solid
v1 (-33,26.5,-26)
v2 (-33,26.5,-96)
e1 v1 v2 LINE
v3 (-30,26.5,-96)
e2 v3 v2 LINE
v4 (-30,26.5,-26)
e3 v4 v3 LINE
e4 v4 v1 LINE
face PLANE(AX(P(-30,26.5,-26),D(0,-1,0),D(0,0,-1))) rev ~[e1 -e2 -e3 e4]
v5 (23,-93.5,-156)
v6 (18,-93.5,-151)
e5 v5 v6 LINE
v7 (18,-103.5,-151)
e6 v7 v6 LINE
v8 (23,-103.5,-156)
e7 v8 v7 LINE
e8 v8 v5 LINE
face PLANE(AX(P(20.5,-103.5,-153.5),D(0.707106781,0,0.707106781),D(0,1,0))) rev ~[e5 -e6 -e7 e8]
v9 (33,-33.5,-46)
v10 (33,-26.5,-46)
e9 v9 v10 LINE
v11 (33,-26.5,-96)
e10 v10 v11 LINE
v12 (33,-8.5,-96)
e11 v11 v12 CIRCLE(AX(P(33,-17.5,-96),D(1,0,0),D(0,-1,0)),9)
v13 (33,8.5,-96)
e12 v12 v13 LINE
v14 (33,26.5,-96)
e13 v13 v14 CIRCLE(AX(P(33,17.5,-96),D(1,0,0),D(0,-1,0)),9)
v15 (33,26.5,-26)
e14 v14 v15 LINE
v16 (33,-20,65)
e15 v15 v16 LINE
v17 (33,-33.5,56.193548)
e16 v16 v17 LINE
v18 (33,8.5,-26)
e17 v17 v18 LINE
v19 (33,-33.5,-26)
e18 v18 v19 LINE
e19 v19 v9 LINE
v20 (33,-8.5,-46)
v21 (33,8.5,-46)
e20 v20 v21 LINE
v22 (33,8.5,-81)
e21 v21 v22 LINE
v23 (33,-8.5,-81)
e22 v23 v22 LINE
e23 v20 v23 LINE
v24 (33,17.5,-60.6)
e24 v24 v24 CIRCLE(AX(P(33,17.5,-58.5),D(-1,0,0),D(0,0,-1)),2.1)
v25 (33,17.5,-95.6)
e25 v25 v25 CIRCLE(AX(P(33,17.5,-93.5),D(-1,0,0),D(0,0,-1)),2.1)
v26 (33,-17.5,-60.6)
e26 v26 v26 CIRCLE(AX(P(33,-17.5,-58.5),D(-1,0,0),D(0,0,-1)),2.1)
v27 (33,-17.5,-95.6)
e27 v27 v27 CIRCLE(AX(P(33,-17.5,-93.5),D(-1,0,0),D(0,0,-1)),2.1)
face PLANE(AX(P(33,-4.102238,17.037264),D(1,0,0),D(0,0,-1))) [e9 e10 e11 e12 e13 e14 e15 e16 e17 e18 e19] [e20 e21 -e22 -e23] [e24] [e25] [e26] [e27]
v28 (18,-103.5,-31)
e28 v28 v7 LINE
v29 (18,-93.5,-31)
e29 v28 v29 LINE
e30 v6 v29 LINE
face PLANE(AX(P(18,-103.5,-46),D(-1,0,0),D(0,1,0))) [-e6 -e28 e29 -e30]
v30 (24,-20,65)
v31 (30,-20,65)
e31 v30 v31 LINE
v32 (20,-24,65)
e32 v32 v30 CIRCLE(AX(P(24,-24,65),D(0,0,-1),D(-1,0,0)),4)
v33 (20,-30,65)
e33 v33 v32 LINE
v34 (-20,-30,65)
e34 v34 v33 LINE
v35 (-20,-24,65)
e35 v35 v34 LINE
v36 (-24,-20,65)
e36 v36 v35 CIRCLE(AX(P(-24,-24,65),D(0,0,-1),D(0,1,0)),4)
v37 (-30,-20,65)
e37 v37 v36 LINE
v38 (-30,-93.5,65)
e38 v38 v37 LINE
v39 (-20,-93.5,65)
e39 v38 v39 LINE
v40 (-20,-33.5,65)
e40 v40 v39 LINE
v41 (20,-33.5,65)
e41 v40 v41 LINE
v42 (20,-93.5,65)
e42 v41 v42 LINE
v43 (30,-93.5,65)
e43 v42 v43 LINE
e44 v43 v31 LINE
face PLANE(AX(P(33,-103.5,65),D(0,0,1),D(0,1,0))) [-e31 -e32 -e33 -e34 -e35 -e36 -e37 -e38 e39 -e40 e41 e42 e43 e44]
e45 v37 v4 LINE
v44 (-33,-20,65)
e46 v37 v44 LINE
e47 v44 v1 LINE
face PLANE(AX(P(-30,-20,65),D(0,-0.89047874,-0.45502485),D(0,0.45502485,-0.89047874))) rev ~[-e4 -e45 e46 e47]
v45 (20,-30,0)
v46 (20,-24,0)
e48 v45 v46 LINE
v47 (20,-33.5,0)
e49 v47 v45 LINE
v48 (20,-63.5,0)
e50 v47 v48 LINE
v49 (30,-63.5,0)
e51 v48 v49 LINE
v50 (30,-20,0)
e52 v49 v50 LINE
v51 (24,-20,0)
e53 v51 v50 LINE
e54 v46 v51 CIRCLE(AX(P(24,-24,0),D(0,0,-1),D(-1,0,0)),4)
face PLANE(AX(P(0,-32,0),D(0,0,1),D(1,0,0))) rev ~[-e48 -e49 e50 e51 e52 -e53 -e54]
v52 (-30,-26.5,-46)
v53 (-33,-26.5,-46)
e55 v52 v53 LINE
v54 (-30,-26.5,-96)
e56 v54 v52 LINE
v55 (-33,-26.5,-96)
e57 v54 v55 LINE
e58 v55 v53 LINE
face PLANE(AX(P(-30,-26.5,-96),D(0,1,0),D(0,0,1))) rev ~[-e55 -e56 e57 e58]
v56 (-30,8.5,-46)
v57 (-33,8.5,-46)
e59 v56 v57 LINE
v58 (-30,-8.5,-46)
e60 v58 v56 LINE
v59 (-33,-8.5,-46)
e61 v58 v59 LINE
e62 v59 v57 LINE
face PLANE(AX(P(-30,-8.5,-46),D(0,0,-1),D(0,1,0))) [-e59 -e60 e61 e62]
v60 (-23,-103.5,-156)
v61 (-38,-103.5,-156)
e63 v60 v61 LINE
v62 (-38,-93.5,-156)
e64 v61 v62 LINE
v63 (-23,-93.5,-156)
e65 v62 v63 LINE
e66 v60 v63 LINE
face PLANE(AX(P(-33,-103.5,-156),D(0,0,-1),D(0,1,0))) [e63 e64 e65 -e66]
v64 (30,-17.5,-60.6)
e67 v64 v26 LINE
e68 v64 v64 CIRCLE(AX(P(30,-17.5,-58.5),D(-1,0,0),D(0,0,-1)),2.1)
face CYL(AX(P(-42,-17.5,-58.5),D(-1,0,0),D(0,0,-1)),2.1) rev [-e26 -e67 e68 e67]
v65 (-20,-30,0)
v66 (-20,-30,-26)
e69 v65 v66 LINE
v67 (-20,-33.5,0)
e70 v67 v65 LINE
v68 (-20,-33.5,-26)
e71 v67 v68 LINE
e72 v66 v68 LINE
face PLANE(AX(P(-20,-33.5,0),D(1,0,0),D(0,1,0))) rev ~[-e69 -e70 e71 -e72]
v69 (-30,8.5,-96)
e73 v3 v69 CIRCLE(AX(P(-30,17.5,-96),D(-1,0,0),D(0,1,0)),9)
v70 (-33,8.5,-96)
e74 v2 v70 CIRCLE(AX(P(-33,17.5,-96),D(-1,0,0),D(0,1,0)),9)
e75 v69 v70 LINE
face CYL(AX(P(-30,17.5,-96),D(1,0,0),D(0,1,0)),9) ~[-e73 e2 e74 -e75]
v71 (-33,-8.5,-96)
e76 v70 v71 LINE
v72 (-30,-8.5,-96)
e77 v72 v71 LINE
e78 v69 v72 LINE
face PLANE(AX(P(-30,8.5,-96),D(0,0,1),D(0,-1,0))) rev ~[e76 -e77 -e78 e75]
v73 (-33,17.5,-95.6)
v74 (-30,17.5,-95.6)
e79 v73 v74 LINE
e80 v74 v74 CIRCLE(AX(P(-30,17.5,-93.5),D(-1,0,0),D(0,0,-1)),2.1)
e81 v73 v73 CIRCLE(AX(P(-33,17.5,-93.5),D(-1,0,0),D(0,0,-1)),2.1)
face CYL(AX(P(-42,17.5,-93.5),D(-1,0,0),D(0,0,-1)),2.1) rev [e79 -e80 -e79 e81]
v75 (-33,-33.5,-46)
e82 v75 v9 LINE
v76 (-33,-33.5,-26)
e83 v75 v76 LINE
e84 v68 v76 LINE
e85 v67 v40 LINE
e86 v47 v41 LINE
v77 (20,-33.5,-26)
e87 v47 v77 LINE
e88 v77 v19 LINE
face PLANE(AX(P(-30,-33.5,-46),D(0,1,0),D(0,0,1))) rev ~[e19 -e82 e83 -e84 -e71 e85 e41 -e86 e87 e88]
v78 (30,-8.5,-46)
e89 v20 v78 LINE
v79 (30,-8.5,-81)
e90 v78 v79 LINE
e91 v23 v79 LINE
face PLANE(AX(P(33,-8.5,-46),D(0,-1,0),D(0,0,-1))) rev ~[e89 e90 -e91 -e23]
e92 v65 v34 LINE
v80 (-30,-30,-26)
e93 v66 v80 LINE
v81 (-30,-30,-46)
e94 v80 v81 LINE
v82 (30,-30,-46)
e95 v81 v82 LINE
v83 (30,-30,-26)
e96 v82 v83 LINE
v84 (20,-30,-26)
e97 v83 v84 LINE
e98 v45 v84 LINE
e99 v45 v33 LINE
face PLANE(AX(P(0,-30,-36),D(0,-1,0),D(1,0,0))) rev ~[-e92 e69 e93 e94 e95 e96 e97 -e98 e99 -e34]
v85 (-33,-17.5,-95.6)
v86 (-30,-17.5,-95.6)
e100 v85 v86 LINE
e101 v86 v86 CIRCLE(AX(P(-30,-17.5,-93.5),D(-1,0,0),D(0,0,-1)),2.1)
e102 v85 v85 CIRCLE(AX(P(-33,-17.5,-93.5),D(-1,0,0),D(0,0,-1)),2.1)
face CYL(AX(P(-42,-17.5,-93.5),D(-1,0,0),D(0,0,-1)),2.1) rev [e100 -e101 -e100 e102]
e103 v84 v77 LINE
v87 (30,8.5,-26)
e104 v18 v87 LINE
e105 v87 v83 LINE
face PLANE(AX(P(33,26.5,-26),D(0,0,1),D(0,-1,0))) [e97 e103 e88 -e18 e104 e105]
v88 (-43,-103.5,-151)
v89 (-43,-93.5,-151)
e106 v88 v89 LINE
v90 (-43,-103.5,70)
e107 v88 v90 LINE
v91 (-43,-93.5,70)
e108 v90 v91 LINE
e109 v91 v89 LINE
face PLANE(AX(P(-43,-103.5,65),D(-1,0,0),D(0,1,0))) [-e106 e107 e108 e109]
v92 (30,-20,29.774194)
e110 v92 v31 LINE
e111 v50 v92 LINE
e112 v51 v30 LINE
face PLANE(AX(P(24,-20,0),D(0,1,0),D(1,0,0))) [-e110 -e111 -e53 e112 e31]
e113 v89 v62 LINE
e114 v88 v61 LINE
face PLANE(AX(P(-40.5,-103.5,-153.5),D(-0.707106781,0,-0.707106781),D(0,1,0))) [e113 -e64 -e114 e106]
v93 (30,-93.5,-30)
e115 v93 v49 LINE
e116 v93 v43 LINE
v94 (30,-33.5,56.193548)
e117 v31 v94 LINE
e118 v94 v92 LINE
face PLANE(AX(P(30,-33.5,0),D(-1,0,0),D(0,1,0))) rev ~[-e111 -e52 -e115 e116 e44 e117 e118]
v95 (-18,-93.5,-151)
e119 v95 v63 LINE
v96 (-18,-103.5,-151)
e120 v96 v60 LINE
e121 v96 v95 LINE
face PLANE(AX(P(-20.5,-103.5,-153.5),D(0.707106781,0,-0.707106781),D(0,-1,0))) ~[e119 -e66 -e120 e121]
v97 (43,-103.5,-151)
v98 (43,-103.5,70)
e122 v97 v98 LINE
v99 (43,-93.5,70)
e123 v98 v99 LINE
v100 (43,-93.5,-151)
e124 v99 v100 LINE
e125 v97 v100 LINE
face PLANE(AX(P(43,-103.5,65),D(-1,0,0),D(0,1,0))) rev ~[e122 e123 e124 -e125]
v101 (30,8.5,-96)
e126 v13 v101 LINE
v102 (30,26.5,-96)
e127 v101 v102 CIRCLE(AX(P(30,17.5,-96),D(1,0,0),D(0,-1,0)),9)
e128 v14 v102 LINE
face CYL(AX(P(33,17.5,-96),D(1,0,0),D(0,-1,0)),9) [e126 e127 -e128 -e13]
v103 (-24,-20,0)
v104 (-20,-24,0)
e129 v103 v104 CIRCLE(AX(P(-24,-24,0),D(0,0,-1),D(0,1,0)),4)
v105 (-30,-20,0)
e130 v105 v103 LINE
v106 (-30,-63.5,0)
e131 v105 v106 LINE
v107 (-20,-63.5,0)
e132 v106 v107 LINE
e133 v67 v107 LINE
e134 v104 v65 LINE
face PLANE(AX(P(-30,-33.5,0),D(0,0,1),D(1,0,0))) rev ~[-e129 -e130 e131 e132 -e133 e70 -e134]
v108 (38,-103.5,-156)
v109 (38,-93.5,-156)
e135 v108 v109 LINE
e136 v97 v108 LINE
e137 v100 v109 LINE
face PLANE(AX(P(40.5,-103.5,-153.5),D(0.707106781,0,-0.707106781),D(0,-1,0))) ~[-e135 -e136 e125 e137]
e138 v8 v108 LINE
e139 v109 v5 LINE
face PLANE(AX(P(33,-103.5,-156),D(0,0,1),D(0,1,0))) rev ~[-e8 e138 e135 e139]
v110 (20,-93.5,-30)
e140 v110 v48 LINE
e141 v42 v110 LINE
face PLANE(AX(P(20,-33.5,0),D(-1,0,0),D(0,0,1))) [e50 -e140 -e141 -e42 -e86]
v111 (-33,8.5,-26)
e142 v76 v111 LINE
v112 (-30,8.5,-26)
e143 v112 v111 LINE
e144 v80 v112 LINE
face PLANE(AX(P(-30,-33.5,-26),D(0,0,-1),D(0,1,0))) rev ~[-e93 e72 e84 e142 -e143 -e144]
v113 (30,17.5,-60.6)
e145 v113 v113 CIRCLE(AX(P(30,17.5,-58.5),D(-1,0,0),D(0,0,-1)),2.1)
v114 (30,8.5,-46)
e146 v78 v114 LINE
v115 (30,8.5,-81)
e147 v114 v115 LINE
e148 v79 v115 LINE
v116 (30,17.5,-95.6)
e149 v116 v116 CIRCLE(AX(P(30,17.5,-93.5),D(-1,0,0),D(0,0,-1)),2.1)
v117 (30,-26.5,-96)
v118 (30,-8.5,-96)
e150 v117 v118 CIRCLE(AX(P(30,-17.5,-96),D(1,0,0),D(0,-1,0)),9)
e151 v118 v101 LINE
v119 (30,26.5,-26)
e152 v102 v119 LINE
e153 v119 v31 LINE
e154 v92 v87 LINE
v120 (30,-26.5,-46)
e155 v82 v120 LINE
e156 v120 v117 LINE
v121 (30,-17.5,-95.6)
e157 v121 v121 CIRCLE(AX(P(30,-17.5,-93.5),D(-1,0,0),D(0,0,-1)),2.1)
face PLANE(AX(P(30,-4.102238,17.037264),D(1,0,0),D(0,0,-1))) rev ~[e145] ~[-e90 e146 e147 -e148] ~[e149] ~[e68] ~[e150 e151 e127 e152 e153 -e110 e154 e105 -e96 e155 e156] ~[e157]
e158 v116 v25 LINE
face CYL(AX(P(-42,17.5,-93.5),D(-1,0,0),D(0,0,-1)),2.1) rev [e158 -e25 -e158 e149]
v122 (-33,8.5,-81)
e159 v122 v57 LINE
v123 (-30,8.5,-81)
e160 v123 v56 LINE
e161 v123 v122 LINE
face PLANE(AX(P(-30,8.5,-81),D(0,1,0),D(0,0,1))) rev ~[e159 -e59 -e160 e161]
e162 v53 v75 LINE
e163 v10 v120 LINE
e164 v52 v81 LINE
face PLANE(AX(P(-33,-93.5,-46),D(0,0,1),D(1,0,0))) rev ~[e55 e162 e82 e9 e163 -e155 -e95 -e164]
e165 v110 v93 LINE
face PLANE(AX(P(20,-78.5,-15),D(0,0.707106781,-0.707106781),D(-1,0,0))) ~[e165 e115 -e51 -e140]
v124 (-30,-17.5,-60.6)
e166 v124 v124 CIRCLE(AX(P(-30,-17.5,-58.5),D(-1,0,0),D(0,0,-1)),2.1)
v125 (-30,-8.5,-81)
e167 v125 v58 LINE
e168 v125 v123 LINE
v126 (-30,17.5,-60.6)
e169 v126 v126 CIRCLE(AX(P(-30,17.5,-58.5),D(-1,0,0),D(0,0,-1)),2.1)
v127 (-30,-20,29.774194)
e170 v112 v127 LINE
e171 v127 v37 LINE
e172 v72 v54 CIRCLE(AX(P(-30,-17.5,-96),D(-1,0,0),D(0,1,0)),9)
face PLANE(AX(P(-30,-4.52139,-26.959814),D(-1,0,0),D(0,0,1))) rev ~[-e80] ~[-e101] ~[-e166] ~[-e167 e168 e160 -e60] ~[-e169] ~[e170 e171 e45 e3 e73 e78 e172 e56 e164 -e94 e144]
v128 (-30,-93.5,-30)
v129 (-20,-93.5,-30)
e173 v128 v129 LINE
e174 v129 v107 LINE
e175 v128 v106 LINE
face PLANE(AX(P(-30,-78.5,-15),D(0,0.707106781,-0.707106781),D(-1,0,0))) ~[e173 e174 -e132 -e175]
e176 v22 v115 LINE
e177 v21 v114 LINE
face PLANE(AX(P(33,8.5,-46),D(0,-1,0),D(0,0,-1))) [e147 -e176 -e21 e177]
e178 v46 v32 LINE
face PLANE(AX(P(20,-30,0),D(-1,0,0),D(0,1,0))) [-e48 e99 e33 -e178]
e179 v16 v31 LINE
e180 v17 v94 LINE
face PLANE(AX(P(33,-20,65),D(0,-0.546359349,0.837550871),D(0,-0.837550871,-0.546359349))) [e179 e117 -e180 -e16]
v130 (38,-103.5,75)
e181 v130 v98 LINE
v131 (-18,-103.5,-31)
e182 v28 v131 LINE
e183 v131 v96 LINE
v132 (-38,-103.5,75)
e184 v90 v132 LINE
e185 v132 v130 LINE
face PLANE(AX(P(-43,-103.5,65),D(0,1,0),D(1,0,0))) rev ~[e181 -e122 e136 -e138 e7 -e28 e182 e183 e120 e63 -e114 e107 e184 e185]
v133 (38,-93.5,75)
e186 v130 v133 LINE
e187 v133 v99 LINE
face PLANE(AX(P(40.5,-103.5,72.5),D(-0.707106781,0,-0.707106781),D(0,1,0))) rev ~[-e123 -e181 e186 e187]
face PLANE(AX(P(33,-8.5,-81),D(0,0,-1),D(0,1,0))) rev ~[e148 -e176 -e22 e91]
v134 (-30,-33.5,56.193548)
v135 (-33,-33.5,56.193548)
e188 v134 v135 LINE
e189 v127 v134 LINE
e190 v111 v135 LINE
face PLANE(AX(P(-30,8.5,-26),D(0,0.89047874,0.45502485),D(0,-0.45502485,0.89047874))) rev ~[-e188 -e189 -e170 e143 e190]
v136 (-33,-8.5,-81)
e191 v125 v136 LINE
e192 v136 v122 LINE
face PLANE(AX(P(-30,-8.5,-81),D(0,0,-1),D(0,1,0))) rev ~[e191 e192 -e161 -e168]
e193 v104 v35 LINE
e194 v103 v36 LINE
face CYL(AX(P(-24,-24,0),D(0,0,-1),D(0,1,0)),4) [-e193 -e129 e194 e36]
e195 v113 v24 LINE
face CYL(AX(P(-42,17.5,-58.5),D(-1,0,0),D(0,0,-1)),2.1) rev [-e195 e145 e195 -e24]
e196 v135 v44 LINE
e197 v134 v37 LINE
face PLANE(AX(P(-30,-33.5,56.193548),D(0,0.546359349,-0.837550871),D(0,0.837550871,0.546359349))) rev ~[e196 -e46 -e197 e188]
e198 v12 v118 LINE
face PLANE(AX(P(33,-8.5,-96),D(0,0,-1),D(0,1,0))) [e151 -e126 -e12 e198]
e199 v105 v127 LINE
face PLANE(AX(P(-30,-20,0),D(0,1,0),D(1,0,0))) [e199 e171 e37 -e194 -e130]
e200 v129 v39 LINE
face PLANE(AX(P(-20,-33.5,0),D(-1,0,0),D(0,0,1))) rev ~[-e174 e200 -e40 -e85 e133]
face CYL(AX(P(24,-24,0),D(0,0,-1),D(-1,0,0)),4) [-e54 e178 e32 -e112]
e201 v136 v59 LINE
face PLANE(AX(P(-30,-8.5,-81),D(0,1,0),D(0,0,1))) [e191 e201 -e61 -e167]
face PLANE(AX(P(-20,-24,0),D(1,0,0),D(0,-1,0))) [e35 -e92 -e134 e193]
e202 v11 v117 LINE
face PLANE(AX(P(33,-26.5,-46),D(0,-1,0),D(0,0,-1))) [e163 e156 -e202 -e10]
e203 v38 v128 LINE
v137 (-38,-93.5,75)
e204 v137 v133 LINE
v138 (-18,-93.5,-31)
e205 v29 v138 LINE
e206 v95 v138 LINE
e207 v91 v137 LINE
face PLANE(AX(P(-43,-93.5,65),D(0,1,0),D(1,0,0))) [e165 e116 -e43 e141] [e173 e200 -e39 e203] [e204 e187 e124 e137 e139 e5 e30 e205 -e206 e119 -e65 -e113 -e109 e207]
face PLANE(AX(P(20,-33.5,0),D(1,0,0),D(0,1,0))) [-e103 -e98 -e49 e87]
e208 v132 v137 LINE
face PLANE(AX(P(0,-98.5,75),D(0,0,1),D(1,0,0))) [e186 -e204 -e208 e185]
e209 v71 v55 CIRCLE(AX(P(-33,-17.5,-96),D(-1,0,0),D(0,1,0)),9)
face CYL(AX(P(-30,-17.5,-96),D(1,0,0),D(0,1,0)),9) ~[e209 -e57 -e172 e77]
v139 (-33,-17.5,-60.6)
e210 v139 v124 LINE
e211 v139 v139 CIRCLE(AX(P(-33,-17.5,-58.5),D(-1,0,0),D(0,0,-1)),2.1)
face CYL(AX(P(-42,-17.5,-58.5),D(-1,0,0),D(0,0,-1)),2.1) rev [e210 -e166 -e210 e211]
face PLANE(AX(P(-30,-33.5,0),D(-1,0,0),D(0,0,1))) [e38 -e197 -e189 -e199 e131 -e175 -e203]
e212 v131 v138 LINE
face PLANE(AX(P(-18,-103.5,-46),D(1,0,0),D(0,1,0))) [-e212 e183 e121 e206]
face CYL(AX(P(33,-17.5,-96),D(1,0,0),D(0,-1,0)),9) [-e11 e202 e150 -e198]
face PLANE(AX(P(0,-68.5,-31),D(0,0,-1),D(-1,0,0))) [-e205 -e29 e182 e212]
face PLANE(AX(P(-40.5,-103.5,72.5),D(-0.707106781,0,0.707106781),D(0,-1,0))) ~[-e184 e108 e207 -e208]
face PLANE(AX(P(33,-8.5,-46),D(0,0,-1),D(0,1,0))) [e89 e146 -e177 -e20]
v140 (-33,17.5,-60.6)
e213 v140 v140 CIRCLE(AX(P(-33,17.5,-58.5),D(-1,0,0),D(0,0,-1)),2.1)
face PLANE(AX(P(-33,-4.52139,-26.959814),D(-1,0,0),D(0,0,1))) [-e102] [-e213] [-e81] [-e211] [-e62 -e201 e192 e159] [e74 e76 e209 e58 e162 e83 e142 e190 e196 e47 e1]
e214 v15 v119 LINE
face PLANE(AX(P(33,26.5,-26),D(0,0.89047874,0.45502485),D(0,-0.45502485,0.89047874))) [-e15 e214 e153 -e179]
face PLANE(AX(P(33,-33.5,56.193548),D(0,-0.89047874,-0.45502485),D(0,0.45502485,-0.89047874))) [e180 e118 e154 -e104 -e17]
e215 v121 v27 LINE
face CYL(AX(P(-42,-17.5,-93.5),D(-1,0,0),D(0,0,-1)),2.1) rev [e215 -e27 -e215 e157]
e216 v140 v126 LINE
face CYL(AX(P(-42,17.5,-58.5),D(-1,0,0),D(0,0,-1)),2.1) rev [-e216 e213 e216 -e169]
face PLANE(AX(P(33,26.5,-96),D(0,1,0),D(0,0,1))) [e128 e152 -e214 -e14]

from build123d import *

# Parameters (mm, degrees)
SKETCH_1_W               = 60
SKETCH_1_H               = 3
EXTRUDE_1_DEPTH          = 65
SKETCH_2_W               = 40
SKETCH_2_H               = 3.5
EXTRUDE_2_DEPTH          = 46
EXTRUDE_3_DEPTH          = 3.5
SKETCH_5_W               = 35
SKETCH_5_H               = 17
EXTRUDE_4_DEPTH          = 3
EXTRUDE_START            = 3
SKETCH_6_W               = 35
SKETCH_6_H               = 17
SKETCH_6_W_2             = 20
SKETCH_6_H_2             = 3.5
EXTRUDE_5_DEPTH          = 3
SKETCH_7_W               = 36
SKETCH_7_H               = 10
SKETCH_7_W_2             = 10
SKETCH_7_H_2             = 65
EXTRUDE_6_DEPTH          = 60
SKETCH_8_W               = 66
SKETCH_8_H               = 111
EXTRUDE_7_DEPTH          = 10
SKETCH_9_W               = 15
SKETCH_9_H               = 10
EXTRUDE_8_DEPTH          = 110
SKETCH_10_W              = 36
SKETCH_10_H              = 70
CUT_EXTRUDE_2_DEPTH      = 15
SKETCH_13_W              = 221
SKETCH_13_H              = 10
EXTRUDE_9_DEPTH          = 10
SKETCH_14_W              = 221
SKETCH_14_H              = 10
EXTRUDE_10_DEPTH         = 10
SKETCH_15_W              = 86
SKETCH_15_H              = 10
EXTRUDE_11_DEPTH         = 10
CHAMFER_1_SIZE           = 30
CHAMFER_2_SIZE           = 30
CUT_EXTRUDE_3_DEPTH      = 15
CUT_EXTRUDE_3_DEPTH_BACK = 75
SKETCH_16_R              = 2.1
CHAMFER_3_SIZE           = 5


with BuildPart() as part:
    # 草图1 → 凸台-拉伸1 (new body)
    with BuildSketch(Plane.XY):
        with Locations((0, -32)):
            Rectangle(SKETCH_1_W, SKETCH_1_H)
        with BuildLine():
            Line((-20, -24), (-20, -28))
            Line((-20, -28), (-20, -30))
            Line((-20, -30), (20, -30))
            Line((20, -30), (20, -28))
            Line((20, -28), (20, -24))
            ThreePointArc((20, -24), (21.171572875, -21.171572875), (24, -20))
            Line((24, -20), (28, -20))
            Line((28, -20), (30, -20))
            Line((30, -20), (30, -30.5))
            Line((30, -30.5), (-30, -30.5))
            Line((-30, -30.5), (-30, -20))
            Line((-30, -20), (-28, -20))
            Line((-28, -20), (-24, -20))
            ThreePointArc((-24, -20), (-21.171572875, -21.171572875), (-20, -24))
        make_face()
    extrude(amount=EXTRUDE_1_DEPTH)

    # 草图2 → 凸台-拉伸2 (add)
    with BuildSketch(Plane(origin=(0, 0, 0), x_dir=(-1, 0, 0), z_dir=(0, 0, -1))):
        with Locations((0, -31.75)):
            Rectangle(SKETCH_2_W, SKETCH_2_H)
    extrude(amount=EXTRUDE_2_DEPTH)

    # 草图4 → 凸台-拉伸3 (add)
    with BuildSketch(Plane.XZ.offset(33.5)):
        Polygon((20, -46), (30, -46), (30, -26), (20, -26), (-30, -26), (-30, -46), align=None)
    extrude(amount=-EXTRUDE_3_DEPTH)

    # 草图5 → 凸台-拉伸4 (add)
    with BuildSketch(Plane.ZY.offset(30)):
        with BuildLine():
            Line((-46, -26.5), (-46, -33.5))
            Line((-46, -33.5), (-26, -33.5))
            Line((-26, -33.5), (-26, 8.5))
            Line((-26, 8.5), (56.193548387, -33.5))
            Line((56.193548387, -33.5), (65, -20))
            Line((65, -20), (-26, 26.5))
            Line((-26, 26.5), (-96, 26.5))
            ThreePointArc((-96, 26.5), (-105, 17.5), (-96, 8.5))
            Line((-96, 8.5), (-96, -8.5))
            ThreePointArc((-96, -8.5), (-105, -17.5), (-96, -26.5))
            Line((-96, -26.5), (-46, -26.5))
        make_face()
        with Locations((-63.5, 0)):
            Rectangle(SKETCH_5_W, SKETCH_5_H, mode=Mode.SUBTRACT)
    extrude(amount=EXTRUDE_4_DEPTH)

    # 草图6 → 凸台-拉伸5 (add)
    # profile 1 of 3: a face of its own
    with BuildSketch(Plane(origin=(30, 0, 0), x_dir=(0, 0, -1), z_dir=(1, 0, 0)).offset(EXTRUDE_START)):
        Polygon((26, 8.5), (26, 26.5), (-65, -20), (-56.193548387, -33.5), align=None)
    # profile 2 of 3: a face of its own
    with BuildSketch(Plane(origin=(30, 0, 0), x_dir=(0, 0, -1), z_dir=(1, 0, 0)).offset(EXTRUDE_START)):
        with BuildLine():
            Line((96, 26.5), (46, 26.5))
            Line((46, 26.5), (26, 26.5))
            Line((26, 26.5), (26, 8.5))
            Line((26, 8.5), (26, -30))
            Line((26, -30), (46, -30))
            Line((46, -30), (46, -26.5))
            Line((46, -26.5), (96, -26.5))
            ThreePointArc((96, -26.5), (105, -17.5), (96, -8.5))
            Line((96, -8.5), (96, 8.5))
            ThreePointArc((96, 8.5), (105, 17.5), (96, 26.5))
        make_face()
        with Locations((63.5, 0)):
            Rectangle(SKETCH_6_W, SKETCH_6_H, mode=Mode.SUBTRACT)
    # profile 3 of 3: a face of its own
    with BuildSketch(Plane(origin=(30, 0, 0), x_dir=(0, 0, -1), z_dir=(1, 0, 0)).offset(EXTRUDE_START)):
        with Locations((36, -31.75)):
            Rectangle(SKETCH_6_W_2, SKETCH_6_H_2)
    extrude(amount=-EXTRUDE_5_DEPTH)

    # 草图7 → 凸台-拉伸6 (add)
    with BuildSketch(Plane.XZ.offset(33.5)):
        with Locations((0, -41)):
            Rectangle(SKETCH_7_W, SKETCH_7_H)
        with Locations((-25, 32.5)):
            Rectangle(SKETCH_7_W_2, SKETCH_7_H_2)
        with Locations((25, 32.5)):
            Rectangle(SKETCH_7_W_2, SKETCH_7_H_2)
    extrude(amount=EXTRUDE_6_DEPTH)

    # 草图8 → 凸台-拉伸7 (add)
    with BuildSketch(Plane.XZ.offset(93.5)):
        with Locations((0, 9.5)):
            Rectangle(SKETCH_8_W, SKETCH_8_H)
    extrude(amount=EXTRUDE_7_DEPTH)

    # 草图9 → 凸台-拉伸8 (add)
    with BuildSketch(Plane(origin=(0, 0, -46), x_dir=(-1, 0, 0), z_dir=(0, 0, -1))):
        with Locations((25.5, -98.5)):
            Rectangle(SKETCH_9_W, SKETCH_9_H)
        with Locations((-25.5, -98.5)):
            Rectangle(SKETCH_9_W, SKETCH_9_H)
    extrude(amount=EXTRUDE_8_DEPTH)

    # 草图10 → 切除-拉伸2 (cut)
    with BuildSketch(Plane(origin=(0, 0, -46), x_dir=(-1, 0, 0), z_dir=(0, 0, -1))):
        with Locations((0, -68.5)):
            Rectangle(SKETCH_10_W, SKETCH_10_H)
    extrude(amount=-CUT_EXTRUDE_2_DEPTH, mode=Mode.SUBTRACT)

    # 草图13 → 凸台-拉伸9 (add)
    with BuildSketch(Plane.ZY.offset(33)):
        with Locations((-45.5, -98.5)):
            Rectangle(SKETCH_13_W, SKETCH_13_H)
    extrude(amount=EXTRUDE_9_DEPTH)

    # 草图14 → 凸台-拉伸10 (add)
    with BuildSketch(Plane(origin=(33, 0, 0), x_dir=(0, 0, -1), z_dir=(1, 0, 0))):
        with Locations((45.5, -98.5)):
            Rectangle(SKETCH_14_W, SKETCH_14_H)
    extrude(amount=EXTRUDE_10_DEPTH)

    # 草图15 → 凸台-拉伸11 (add)
    with BuildSketch(Plane.XY.offset(65)):
        with Locations((0, -98.5)):
            Rectangle(SKETCH_15_W, SKETCH_15_H)
    extrude(amount=EXTRUDE_11_DEPTH)

    # 倒角1
    chamfer_1_edges = [part.edges().sort_by_distance(p)[0] for p in [
        (25, -93.5, 0),
    ]]
    chamfer(chamfer_1_edges, length=CHAMFER_1_SIZE)

    # 倒角2
    chamfer_2_edges = [part.edges().sort_by_distance(p)[0] for p in [
        (-25, -93.5, 0),
    ]]
    chamfer(chamfer_2_edges, length=CHAMFER_2_SIZE)

    # 草图16 → 切除-拉伸3 (cut, two sides: drawn at the far end of the back side and taken through both)
    with BuildSketch(Plane(origin=(33, 0, 0), x_dir=(0, 0, -1), z_dir=(1, 0, 0)).offset(-CUT_EXTRUDE_3_DEPTH_BACK)):
        with Locations((93.5, 17.5)):
            Circle(SKETCH_16_R)
        with Locations((58.5, 17.5)):
            Circle(SKETCH_16_R)
        with Locations((58.5, -17.5)):
            Circle(SKETCH_16_R)
        with Locations((93.5, -17.5)):
            Circle(SKETCH_16_R)
    extrude(amount=CUT_EXTRUDE_3_DEPTH + CUT_EXTRUDE_3_DEPTH_BACK, mode=Mode.SUBTRACT)

    # 倒角3
    chamfer_3_edges = [part.edges().sort_by_distance(p)[0] for p in [
        (-18, -98.5, -156),
        (18, -98.5, -156),
        (-43, -98.5, -156),
        (43, -98.5, -156),
        (-43, -98.5, 75),
        (43, -98.5, 75),
    ]]
    chamfer(chamfer_3_edges, length=CHAMFER_3_SIZE)


solid = part.part
